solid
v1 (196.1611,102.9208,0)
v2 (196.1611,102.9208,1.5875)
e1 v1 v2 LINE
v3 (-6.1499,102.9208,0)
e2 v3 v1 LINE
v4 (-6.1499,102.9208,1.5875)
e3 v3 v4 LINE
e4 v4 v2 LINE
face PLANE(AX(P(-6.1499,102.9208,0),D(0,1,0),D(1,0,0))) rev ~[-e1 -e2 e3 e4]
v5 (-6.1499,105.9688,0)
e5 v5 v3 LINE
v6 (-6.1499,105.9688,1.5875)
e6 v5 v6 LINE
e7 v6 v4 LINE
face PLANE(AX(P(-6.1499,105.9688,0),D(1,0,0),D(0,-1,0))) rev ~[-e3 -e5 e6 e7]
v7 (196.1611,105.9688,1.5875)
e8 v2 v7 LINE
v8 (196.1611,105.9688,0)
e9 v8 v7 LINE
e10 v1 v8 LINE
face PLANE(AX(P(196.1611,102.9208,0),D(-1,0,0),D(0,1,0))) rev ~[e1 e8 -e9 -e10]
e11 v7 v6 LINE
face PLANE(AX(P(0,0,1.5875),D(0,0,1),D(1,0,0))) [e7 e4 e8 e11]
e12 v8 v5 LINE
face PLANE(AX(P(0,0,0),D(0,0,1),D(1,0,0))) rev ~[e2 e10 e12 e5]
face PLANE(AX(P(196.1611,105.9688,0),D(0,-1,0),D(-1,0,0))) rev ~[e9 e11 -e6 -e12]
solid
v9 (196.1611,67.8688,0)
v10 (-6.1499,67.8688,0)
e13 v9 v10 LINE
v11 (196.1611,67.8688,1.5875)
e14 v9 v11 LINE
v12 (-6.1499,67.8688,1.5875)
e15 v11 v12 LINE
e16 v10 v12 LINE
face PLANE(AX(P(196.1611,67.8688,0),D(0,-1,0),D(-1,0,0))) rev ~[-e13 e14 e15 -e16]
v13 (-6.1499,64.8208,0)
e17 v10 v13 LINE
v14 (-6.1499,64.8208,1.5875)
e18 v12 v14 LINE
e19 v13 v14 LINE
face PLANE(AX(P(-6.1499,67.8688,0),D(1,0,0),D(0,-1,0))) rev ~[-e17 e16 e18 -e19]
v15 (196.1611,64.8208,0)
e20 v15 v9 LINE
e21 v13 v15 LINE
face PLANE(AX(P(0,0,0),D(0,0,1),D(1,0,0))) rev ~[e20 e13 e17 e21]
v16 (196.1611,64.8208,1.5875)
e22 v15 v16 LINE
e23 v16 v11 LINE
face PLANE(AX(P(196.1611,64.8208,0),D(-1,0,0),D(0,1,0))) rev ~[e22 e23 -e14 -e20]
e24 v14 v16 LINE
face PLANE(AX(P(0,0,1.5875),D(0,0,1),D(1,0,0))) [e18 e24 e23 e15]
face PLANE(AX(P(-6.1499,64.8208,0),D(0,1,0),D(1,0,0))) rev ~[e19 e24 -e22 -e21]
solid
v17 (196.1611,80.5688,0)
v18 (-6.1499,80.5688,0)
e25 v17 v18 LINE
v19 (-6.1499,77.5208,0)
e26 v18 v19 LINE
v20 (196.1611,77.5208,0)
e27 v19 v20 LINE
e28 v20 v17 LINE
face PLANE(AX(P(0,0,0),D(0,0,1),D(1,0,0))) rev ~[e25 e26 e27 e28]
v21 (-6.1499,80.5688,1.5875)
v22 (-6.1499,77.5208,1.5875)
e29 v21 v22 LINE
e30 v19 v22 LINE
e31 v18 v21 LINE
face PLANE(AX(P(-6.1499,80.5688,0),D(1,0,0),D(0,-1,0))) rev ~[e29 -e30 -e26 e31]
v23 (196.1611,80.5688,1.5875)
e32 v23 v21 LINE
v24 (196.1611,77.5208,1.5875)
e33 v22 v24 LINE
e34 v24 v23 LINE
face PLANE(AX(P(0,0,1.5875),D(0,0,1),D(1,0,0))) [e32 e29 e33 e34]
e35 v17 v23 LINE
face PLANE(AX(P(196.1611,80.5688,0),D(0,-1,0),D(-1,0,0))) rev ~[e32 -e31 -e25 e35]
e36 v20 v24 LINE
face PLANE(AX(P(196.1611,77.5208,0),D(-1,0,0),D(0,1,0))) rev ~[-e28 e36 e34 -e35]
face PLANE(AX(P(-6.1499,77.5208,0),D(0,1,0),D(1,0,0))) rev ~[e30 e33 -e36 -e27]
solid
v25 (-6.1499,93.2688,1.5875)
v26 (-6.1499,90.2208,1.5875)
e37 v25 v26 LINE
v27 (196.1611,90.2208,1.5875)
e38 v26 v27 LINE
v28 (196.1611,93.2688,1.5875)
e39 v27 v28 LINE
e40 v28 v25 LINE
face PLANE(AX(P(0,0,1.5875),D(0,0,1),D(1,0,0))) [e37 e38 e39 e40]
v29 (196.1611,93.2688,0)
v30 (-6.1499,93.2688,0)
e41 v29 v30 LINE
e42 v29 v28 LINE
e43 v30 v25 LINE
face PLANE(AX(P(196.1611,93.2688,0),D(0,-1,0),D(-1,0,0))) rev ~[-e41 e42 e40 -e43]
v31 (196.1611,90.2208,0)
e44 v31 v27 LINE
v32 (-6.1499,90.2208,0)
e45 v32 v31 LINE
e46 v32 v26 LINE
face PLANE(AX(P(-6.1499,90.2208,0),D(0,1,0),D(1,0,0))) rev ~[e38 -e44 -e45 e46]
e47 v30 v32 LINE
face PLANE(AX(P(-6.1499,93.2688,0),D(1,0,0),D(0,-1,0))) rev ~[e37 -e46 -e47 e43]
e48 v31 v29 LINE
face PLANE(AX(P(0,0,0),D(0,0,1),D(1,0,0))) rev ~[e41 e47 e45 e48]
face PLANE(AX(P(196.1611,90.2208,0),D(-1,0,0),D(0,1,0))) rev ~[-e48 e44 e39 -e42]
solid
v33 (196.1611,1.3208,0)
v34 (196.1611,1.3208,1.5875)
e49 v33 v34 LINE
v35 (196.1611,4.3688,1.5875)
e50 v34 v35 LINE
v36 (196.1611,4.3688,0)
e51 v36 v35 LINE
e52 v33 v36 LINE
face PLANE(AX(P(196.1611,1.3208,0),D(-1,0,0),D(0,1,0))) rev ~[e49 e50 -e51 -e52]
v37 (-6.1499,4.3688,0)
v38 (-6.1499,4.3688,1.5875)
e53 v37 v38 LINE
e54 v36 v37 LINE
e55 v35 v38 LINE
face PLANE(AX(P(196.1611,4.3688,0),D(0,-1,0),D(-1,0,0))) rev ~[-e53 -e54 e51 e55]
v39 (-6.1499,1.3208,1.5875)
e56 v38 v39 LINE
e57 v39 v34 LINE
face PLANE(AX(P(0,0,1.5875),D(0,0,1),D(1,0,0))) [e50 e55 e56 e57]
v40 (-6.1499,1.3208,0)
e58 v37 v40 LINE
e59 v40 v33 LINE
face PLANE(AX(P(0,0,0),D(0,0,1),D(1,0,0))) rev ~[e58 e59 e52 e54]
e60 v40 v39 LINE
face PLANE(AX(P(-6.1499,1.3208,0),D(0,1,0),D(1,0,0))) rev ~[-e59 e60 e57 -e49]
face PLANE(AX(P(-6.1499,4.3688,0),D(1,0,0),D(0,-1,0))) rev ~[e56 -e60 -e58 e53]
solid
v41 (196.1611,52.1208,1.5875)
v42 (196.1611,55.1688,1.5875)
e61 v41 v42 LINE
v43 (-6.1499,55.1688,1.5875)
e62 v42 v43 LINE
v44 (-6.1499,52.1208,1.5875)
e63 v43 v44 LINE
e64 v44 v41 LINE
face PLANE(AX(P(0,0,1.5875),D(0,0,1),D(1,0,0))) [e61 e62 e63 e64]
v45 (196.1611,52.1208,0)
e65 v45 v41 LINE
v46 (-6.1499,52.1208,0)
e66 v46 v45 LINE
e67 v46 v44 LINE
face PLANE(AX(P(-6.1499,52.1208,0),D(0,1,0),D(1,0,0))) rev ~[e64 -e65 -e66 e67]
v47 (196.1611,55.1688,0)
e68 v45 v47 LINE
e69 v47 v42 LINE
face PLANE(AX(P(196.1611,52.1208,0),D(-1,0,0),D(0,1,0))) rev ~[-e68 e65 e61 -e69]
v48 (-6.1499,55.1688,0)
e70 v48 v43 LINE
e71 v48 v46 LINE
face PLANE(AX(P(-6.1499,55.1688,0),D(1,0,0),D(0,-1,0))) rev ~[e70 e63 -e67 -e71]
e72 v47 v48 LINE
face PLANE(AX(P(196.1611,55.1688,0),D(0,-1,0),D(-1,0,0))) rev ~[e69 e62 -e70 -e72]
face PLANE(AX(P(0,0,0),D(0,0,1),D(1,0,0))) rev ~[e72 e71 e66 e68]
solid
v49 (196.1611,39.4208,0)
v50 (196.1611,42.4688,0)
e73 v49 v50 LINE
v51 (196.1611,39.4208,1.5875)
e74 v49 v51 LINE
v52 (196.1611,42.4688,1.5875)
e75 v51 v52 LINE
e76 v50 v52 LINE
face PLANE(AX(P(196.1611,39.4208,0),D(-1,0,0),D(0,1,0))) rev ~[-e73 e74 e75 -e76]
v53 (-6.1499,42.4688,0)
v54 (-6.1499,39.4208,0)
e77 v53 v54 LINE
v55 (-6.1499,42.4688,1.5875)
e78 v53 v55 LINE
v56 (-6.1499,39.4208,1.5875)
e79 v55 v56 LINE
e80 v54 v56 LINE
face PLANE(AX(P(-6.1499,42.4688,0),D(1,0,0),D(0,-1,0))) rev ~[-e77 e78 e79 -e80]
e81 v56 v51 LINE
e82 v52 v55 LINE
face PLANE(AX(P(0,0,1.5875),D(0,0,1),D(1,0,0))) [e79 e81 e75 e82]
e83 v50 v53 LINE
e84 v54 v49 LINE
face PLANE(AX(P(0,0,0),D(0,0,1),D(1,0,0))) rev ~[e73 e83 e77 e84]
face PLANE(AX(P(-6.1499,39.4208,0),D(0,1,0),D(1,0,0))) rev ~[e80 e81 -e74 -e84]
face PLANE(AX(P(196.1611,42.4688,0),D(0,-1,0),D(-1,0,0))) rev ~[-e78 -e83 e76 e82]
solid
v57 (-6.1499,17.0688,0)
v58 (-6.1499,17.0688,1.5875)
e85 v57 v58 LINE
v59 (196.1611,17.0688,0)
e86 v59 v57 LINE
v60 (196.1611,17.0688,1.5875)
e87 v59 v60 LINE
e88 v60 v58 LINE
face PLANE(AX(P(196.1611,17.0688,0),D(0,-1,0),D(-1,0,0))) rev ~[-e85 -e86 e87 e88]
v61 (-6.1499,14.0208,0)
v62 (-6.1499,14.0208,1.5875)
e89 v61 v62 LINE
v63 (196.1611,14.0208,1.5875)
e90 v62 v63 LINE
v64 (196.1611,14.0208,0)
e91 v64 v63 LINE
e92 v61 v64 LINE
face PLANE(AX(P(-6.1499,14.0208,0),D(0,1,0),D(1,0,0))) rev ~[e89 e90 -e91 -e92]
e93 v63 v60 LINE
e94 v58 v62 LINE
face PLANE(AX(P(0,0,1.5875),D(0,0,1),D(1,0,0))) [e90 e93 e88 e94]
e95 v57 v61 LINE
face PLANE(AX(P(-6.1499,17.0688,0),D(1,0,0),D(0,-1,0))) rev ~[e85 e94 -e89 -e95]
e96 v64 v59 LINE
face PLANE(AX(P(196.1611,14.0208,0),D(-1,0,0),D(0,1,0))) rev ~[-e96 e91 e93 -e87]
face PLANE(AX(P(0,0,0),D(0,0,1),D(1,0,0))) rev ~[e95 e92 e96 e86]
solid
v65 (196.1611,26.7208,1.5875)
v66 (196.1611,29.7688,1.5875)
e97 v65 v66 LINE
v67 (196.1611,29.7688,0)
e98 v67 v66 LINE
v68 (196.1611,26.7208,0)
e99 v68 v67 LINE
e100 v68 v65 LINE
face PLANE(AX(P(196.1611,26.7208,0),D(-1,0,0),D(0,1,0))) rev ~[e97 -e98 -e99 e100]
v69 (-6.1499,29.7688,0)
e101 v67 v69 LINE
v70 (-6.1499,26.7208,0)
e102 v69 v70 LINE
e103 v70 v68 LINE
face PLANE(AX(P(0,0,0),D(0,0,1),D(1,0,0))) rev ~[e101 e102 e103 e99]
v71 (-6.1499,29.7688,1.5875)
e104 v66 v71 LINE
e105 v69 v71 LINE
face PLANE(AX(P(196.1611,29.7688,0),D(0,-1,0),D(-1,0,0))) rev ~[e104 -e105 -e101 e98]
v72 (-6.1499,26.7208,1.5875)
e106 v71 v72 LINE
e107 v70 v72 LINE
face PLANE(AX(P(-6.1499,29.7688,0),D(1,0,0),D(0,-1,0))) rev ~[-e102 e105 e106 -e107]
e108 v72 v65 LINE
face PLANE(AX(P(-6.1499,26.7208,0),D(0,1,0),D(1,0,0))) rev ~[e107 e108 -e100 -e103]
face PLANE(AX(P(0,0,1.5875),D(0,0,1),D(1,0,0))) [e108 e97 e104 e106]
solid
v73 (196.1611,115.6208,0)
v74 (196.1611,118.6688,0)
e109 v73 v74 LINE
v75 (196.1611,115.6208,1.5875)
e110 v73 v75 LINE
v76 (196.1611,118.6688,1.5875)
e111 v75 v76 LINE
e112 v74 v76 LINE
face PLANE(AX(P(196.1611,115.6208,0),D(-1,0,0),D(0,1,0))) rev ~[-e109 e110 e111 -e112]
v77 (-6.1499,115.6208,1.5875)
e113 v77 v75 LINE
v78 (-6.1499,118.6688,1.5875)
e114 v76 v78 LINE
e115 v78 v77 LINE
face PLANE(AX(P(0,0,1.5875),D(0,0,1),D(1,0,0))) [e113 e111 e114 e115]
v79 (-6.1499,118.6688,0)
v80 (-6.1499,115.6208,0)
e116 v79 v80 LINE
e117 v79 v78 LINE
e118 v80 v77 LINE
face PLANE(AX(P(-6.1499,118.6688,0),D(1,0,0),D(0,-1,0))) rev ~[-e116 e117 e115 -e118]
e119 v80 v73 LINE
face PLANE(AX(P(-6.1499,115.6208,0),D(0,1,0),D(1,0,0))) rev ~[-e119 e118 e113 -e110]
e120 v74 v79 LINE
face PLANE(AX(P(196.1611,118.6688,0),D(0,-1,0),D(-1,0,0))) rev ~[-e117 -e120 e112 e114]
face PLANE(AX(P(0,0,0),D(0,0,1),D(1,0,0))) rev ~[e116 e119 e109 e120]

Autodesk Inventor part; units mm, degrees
ref_plane "YZ Plane" through (0, 0, 0) normal (1, 0, 0) x (0, 1, 0)
ref_plane "XZ Plane" through (0, 0, 0) normal (0, 1, 0) x (-1, 0, 0)
ref_plane "XY Plane" through (0, 0, 0) normal (0, 0, 1) x (1, 0, 0)
sketch "Sketch1" plane through (0, 0, 0) normal (0, 0, 1) x (1, 0, 0)
  line L0 (-6.1499, 1.3208) -> (196.1611, 1.3208)
  line L1 (196.1611, 1.3208) -> (196.1611, 4.3688)
  line L2 (196.1611, 4.3688) -> (-6.1499, 4.3688)
  line L3 (-6.1499, 4.3688) -> (-6.1499, 1.3208)
  line L4 (-6.1499, 14.0208) -> (196.1611, 14.0208)
  line L5 (196.1611, 14.0208) -> (196.1611, 17.0688)
  line L6 (196.1611, 17.0688) -> (-6.1499, 17.0688)
  line L7 (-6.1499, 17.0688) -> (-6.1499, 14.0208)
  line L8 (196.1611, 29.7688) -> (-6.1499, 29.7688)
  line L9 (-6.1499, 26.7208) -> (196.1611, 26.7208)
  line L10 (-6.1499, 29.7688) -> (-6.1499, 26.7208)
  line L11 (196.1611, 26.7208) -> (196.1611, 29.7688)
  line L12 (196.1611, 42.4688) -> (-6.1499, 42.4688)
  line L13 (-6.1499, 39.4208) -> (196.1611, 39.4208)
  line L14 (-6.1499, 42.4688) -> (-6.1499, 39.4208)
  line L15 (196.1611, 39.4208) -> (196.1611, 42.4688)
  line L16 (196.1611, 55.1688) -> (-6.1499, 55.1688)
  line L17 (-6.1499, 52.1208) -> (196.1611, 52.1208)
  line L18 (-6.1499, 55.1688) -> (-6.1499, 52.1208)
  line L19 (196.1611, 52.1208) -> (196.1611, 55.1688)
  line L20 (196.1611, 67.8688) -> (-6.1499, 67.8688)
  line L21 (-6.1499, 64.8208) -> (196.1611, 64.8208)
  line L22 (-6.1499, 67.8688) -> (-6.1499, 64.8208)
  line L23 (196.1611, 64.8208) -> (196.1611, 67.8688)
  line L24 (196.1611, 80.5688) -> (-6.1499, 80.5688)
  line L25 (-6.1499, 77.5208) -> (196.1611, 77.5208)
  line L26 (-6.1499, 80.5688) -> (-6.1499, 77.5208)
  line L27 (196.1611, 77.5208) -> (196.1611, 80.5688)
  line L28 (196.1611, 93.2688) -> (-6.1499, 93.2688)
  line L29 (-6.1499, 90.2208) -> (196.1611, 90.2208)
  line L30 (-6.1499, 93.2688) -> (-6.1499, 90.2208)
  line L31 (196.1611, 90.2208) -> (196.1611, 93.2688)
  line L32 (196.1611, 105.9688) -> (-6.1499, 105.9688)
  line L33 (-6.1499, 102.9208) -> (196.1611, 102.9208)
  line L34 (-6.1499, 105.9688) -> (-6.1499, 102.9208)
  line L35 (196.1611, 102.9208) -> (196.1611, 105.9688)
  line L36 (196.1611, 118.6688) -> (-6.1499, 118.6688)
  line L37 (-6.1499, 115.6208) -> (196.1611, 115.6208)
  line L38 (-6.1499, 118.6688) -> (-6.1499, 115.6208)
  line L39 (196.1611, 115.6208) -> (196.1611, 118.6688)
  point P0 (0, 0)
  dimension "d0" = 202.311
  dimension "d1" = 3.048
  dimension "d2" = 12.7
  dimension "d3" = 202.311
  dimension "d4" = 3.048
  dimension "d7" = 12.7
extrude "Extrusion1" add sketch "Sketch1" along normal blind 1.5875
properties part number "rampbands"
